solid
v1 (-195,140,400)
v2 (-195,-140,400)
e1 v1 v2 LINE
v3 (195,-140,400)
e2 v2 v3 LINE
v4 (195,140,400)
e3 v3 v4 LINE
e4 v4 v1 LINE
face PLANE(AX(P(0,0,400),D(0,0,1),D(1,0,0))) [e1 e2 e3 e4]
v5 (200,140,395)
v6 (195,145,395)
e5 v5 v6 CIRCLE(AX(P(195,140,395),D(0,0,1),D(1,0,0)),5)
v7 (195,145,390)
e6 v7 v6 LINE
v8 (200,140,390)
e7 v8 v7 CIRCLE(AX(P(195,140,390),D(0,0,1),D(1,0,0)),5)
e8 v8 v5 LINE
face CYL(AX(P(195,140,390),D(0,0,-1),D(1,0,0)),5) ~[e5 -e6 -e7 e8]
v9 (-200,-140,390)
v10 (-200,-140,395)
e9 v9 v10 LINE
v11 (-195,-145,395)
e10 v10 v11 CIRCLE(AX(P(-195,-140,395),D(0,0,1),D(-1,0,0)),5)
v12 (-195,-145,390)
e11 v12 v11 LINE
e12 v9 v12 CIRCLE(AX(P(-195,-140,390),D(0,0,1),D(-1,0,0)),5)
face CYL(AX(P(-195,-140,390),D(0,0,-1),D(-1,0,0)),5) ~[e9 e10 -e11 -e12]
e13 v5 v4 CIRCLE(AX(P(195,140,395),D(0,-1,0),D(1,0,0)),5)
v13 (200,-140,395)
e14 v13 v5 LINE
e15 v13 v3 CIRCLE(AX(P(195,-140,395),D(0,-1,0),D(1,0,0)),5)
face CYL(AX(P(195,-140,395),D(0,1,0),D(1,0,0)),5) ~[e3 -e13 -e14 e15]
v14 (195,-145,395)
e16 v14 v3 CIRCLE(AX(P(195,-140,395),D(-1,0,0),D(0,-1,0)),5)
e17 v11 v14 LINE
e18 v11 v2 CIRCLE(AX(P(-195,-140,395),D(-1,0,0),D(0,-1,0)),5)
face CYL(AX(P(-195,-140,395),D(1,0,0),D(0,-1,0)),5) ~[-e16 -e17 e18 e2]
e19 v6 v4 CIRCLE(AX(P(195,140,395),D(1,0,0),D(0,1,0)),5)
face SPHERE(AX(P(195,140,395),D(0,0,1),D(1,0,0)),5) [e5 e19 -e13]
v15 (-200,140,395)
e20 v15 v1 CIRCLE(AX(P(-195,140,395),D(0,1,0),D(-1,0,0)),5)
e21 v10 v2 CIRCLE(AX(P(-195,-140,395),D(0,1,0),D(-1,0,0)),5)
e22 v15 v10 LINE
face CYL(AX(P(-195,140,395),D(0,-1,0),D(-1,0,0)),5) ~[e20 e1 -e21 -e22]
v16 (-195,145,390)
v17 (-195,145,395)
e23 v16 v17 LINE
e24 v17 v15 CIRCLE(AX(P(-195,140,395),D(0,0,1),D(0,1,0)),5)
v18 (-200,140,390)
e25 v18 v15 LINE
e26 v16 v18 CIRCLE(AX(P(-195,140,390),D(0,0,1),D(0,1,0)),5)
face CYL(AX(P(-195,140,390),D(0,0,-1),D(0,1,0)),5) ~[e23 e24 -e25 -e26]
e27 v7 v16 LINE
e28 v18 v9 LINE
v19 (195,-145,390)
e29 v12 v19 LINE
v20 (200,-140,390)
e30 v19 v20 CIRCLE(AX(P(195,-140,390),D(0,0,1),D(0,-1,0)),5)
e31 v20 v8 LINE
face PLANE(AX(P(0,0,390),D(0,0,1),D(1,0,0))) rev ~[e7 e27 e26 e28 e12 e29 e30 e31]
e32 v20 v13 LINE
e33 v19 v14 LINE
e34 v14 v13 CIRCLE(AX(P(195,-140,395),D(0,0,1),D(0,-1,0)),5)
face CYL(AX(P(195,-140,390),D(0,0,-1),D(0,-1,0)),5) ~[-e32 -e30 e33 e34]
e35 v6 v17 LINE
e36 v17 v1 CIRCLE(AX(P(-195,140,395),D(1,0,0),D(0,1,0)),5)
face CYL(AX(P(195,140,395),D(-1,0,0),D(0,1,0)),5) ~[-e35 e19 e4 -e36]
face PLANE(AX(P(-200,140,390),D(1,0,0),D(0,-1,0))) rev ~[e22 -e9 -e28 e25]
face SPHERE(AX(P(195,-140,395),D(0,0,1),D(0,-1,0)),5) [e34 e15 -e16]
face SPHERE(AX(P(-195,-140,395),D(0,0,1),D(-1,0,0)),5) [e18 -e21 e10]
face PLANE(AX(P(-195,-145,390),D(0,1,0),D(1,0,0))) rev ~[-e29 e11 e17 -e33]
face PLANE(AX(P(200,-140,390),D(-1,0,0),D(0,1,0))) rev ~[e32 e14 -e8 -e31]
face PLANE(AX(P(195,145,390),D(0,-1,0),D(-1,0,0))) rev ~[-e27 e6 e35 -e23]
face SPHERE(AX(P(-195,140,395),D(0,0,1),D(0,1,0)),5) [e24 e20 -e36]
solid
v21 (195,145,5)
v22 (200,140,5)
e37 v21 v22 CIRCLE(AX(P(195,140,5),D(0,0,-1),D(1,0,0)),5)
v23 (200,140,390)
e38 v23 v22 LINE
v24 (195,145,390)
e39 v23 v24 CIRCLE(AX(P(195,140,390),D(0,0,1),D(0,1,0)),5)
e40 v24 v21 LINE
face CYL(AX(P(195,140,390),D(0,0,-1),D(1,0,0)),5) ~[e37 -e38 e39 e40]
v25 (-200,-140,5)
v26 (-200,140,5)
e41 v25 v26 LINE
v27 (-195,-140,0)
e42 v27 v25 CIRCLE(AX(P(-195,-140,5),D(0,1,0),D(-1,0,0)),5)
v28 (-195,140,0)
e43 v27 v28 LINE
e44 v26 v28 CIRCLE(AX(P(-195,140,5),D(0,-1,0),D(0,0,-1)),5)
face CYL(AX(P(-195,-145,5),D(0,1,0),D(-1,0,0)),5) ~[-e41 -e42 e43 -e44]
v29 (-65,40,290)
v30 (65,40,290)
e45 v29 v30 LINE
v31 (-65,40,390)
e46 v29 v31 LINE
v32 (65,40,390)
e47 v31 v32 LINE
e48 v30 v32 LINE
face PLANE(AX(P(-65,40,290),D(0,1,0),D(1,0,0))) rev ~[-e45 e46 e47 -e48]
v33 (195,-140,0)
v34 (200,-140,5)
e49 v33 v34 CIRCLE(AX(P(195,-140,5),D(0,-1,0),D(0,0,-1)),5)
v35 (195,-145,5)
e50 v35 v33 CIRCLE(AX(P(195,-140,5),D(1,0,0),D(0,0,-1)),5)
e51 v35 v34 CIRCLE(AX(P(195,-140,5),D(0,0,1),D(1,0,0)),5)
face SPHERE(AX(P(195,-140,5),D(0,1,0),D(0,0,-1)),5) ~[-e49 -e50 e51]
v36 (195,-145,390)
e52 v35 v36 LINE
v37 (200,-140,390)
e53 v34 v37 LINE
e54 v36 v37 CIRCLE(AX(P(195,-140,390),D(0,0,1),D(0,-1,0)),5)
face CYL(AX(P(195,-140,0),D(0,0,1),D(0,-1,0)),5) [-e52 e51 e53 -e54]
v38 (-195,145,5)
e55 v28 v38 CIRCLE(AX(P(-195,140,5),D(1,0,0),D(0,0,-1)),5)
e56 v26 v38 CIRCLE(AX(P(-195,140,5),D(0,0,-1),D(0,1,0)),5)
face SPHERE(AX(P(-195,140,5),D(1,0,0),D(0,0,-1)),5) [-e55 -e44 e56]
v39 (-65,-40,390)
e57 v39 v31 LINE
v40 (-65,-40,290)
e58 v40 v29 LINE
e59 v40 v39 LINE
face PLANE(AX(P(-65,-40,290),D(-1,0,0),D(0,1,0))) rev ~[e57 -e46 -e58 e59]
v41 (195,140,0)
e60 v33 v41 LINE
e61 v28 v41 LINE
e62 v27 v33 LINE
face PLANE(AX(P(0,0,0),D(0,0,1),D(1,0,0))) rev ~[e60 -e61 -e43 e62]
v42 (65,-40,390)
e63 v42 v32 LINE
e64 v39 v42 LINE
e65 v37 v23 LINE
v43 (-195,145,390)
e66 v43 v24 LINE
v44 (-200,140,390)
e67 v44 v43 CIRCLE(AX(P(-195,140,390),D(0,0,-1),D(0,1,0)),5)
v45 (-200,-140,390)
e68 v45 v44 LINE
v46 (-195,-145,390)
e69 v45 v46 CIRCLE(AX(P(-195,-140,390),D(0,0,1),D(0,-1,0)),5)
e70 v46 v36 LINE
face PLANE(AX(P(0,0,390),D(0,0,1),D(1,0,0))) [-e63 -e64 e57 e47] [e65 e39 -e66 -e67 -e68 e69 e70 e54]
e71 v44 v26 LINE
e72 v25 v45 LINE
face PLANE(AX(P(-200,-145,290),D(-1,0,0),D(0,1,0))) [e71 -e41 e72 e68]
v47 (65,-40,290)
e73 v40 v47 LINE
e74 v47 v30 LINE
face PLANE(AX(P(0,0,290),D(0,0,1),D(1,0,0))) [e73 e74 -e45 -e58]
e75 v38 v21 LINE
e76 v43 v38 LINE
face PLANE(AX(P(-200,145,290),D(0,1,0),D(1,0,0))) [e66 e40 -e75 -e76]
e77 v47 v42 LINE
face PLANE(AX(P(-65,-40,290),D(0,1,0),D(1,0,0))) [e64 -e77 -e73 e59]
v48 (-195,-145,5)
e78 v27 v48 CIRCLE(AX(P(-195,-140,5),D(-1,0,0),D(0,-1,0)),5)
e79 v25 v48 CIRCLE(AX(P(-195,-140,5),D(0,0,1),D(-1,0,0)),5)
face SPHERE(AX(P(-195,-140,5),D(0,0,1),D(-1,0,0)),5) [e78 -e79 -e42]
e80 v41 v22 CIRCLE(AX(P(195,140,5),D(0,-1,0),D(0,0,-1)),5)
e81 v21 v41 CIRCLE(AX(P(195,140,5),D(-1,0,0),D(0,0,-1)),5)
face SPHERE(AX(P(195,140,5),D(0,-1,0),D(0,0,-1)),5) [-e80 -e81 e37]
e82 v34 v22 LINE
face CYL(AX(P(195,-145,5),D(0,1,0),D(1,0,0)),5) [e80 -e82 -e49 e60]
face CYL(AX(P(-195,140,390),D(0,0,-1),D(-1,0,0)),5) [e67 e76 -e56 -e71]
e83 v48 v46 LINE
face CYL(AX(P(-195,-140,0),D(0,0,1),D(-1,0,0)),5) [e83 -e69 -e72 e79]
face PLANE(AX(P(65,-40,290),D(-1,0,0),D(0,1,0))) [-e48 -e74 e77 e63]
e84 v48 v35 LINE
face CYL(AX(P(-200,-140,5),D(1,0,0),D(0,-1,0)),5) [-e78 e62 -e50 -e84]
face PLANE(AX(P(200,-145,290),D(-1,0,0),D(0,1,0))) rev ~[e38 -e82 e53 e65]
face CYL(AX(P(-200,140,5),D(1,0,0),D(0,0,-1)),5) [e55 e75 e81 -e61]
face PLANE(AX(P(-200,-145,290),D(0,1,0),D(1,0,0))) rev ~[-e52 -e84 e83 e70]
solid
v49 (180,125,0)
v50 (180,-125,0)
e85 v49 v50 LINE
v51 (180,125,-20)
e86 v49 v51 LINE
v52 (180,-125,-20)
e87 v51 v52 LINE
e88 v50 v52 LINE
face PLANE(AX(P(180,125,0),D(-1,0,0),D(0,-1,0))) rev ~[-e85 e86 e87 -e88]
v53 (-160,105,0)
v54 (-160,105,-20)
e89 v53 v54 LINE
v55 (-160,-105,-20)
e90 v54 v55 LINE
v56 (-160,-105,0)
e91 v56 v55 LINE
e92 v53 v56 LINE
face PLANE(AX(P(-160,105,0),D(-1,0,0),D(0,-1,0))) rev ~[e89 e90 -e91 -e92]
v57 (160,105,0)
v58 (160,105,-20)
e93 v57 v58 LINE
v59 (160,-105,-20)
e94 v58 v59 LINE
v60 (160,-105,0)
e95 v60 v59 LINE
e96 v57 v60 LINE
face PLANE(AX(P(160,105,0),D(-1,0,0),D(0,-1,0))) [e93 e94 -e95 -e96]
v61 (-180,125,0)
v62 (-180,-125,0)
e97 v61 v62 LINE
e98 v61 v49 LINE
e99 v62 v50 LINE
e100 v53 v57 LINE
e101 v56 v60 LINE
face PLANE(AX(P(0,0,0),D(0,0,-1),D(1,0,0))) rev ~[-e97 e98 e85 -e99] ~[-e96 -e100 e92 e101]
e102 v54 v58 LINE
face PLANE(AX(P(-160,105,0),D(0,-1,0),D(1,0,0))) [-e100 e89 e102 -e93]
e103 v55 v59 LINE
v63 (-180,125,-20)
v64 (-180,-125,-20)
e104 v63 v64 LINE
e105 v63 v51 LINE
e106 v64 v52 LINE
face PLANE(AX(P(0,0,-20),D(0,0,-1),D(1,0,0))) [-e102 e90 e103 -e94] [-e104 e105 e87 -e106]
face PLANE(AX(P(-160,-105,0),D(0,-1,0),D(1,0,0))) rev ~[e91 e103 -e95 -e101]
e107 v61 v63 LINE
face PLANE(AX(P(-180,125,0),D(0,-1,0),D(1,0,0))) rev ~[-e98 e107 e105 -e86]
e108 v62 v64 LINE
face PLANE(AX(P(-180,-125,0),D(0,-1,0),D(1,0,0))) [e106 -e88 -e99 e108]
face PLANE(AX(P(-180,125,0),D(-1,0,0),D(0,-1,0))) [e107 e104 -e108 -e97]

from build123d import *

# Parameters (mm, degrees)
F0_W     = 400
F0_H     = 290
F1_DEPTH = 290
F2_W     = 400
F2_H     = 290
F2_W_2   = 130
F2_H_2   = 80
F3_DEPTH = 100
F4_R     = 5
F5_W     = 360
F5_H     = 250
F5_W_2   = 320
F5_H_2   = 210
F6_DEPTH = 20
F7_W     = 130
F7_H     = 80
F8_DEPTH = 10
F9_R     = 5


with BuildPart() as f1:
    # F0 (on Top) → F1 (new body)
    with BuildSketch(Plane.XY):
        Rectangle(F0_W, F0_H)
    extrude(amount=F1_DEPTH)

    # F2 (on face) → F3 (join)
    with BuildSketch(Plane.XY.offset(290)):
        Rectangle(F2_W, F2_H)
        Rectangle(F2_W_2, F2_H_2, mode=Mode.SUBTRACT)
    extrude(amount=F3_DEPTH)

    # F4
    f4_edges = [f1.edges().sort_by_distance(p)[0] for p in [
        (-200, -145, 195),
        (200, 0, 0),
        (0, 145, 0),
        (-200, 0, 0),
        (0, -145, 0),
        (-200, 145, 195),
        (200, 145, 195),
        (200, -145, 195),
    ]]
    fillet(f4_edges, radius=F4_R)


with BuildPart() as f6:
    # F5 (on face) → F6 (new body)
    with BuildSketch(Plane(origin=(0, 0, 0), x_dir=(1, 0, 0), z_dir=(0, 0, -1))):
        Rectangle(F5_W, F5_H)
        Rectangle(F5_W_2, F5_H_2, mode=Mode.SUBTRACT)
    extrude(amount=F6_DEPTH)


with BuildPart() as f8:
    # F7 (on face) → F8 (new body)
    with BuildSketch(Plane.XY.offset(390)):
        with BuildLine():
            ThreePointArc((-200, -140), (-198.5355339059, -143.5355339059), (-195, -145))
            Line((-195, -145), (195, -145))
            ThreePointArc((195, -145), (198.5355339059, -143.5355339059), (200, -140))
            Line((200, -140), (200, 140))
            ThreePointArc((200, 140), (198.5355339059, 143.5355339059), (195, 145))
            Line((195, 145), (-195, 145))
            ThreePointArc((-195, 145), (-198.5355339059, 143.5355339059), (-200, 140))
            Line((-200, 140), (-200, -140))
        make_face()
        Rectangle(F7_W, F7_H, mode=Mode.SUBTRACT)
        Rectangle(F7_W, F7_H)
    extrude(amount=F8_DEPTH)

    # F9
    f9_edges = [f8.edges().sort_by_distance(p)[0] for p in [
        (-200, 0, 400),
        (0, 145, 400),
    ]]
    fillet(f9_edges, radius=F9_R)


solid = Compound([f1.part, f6.part, f8.part])
